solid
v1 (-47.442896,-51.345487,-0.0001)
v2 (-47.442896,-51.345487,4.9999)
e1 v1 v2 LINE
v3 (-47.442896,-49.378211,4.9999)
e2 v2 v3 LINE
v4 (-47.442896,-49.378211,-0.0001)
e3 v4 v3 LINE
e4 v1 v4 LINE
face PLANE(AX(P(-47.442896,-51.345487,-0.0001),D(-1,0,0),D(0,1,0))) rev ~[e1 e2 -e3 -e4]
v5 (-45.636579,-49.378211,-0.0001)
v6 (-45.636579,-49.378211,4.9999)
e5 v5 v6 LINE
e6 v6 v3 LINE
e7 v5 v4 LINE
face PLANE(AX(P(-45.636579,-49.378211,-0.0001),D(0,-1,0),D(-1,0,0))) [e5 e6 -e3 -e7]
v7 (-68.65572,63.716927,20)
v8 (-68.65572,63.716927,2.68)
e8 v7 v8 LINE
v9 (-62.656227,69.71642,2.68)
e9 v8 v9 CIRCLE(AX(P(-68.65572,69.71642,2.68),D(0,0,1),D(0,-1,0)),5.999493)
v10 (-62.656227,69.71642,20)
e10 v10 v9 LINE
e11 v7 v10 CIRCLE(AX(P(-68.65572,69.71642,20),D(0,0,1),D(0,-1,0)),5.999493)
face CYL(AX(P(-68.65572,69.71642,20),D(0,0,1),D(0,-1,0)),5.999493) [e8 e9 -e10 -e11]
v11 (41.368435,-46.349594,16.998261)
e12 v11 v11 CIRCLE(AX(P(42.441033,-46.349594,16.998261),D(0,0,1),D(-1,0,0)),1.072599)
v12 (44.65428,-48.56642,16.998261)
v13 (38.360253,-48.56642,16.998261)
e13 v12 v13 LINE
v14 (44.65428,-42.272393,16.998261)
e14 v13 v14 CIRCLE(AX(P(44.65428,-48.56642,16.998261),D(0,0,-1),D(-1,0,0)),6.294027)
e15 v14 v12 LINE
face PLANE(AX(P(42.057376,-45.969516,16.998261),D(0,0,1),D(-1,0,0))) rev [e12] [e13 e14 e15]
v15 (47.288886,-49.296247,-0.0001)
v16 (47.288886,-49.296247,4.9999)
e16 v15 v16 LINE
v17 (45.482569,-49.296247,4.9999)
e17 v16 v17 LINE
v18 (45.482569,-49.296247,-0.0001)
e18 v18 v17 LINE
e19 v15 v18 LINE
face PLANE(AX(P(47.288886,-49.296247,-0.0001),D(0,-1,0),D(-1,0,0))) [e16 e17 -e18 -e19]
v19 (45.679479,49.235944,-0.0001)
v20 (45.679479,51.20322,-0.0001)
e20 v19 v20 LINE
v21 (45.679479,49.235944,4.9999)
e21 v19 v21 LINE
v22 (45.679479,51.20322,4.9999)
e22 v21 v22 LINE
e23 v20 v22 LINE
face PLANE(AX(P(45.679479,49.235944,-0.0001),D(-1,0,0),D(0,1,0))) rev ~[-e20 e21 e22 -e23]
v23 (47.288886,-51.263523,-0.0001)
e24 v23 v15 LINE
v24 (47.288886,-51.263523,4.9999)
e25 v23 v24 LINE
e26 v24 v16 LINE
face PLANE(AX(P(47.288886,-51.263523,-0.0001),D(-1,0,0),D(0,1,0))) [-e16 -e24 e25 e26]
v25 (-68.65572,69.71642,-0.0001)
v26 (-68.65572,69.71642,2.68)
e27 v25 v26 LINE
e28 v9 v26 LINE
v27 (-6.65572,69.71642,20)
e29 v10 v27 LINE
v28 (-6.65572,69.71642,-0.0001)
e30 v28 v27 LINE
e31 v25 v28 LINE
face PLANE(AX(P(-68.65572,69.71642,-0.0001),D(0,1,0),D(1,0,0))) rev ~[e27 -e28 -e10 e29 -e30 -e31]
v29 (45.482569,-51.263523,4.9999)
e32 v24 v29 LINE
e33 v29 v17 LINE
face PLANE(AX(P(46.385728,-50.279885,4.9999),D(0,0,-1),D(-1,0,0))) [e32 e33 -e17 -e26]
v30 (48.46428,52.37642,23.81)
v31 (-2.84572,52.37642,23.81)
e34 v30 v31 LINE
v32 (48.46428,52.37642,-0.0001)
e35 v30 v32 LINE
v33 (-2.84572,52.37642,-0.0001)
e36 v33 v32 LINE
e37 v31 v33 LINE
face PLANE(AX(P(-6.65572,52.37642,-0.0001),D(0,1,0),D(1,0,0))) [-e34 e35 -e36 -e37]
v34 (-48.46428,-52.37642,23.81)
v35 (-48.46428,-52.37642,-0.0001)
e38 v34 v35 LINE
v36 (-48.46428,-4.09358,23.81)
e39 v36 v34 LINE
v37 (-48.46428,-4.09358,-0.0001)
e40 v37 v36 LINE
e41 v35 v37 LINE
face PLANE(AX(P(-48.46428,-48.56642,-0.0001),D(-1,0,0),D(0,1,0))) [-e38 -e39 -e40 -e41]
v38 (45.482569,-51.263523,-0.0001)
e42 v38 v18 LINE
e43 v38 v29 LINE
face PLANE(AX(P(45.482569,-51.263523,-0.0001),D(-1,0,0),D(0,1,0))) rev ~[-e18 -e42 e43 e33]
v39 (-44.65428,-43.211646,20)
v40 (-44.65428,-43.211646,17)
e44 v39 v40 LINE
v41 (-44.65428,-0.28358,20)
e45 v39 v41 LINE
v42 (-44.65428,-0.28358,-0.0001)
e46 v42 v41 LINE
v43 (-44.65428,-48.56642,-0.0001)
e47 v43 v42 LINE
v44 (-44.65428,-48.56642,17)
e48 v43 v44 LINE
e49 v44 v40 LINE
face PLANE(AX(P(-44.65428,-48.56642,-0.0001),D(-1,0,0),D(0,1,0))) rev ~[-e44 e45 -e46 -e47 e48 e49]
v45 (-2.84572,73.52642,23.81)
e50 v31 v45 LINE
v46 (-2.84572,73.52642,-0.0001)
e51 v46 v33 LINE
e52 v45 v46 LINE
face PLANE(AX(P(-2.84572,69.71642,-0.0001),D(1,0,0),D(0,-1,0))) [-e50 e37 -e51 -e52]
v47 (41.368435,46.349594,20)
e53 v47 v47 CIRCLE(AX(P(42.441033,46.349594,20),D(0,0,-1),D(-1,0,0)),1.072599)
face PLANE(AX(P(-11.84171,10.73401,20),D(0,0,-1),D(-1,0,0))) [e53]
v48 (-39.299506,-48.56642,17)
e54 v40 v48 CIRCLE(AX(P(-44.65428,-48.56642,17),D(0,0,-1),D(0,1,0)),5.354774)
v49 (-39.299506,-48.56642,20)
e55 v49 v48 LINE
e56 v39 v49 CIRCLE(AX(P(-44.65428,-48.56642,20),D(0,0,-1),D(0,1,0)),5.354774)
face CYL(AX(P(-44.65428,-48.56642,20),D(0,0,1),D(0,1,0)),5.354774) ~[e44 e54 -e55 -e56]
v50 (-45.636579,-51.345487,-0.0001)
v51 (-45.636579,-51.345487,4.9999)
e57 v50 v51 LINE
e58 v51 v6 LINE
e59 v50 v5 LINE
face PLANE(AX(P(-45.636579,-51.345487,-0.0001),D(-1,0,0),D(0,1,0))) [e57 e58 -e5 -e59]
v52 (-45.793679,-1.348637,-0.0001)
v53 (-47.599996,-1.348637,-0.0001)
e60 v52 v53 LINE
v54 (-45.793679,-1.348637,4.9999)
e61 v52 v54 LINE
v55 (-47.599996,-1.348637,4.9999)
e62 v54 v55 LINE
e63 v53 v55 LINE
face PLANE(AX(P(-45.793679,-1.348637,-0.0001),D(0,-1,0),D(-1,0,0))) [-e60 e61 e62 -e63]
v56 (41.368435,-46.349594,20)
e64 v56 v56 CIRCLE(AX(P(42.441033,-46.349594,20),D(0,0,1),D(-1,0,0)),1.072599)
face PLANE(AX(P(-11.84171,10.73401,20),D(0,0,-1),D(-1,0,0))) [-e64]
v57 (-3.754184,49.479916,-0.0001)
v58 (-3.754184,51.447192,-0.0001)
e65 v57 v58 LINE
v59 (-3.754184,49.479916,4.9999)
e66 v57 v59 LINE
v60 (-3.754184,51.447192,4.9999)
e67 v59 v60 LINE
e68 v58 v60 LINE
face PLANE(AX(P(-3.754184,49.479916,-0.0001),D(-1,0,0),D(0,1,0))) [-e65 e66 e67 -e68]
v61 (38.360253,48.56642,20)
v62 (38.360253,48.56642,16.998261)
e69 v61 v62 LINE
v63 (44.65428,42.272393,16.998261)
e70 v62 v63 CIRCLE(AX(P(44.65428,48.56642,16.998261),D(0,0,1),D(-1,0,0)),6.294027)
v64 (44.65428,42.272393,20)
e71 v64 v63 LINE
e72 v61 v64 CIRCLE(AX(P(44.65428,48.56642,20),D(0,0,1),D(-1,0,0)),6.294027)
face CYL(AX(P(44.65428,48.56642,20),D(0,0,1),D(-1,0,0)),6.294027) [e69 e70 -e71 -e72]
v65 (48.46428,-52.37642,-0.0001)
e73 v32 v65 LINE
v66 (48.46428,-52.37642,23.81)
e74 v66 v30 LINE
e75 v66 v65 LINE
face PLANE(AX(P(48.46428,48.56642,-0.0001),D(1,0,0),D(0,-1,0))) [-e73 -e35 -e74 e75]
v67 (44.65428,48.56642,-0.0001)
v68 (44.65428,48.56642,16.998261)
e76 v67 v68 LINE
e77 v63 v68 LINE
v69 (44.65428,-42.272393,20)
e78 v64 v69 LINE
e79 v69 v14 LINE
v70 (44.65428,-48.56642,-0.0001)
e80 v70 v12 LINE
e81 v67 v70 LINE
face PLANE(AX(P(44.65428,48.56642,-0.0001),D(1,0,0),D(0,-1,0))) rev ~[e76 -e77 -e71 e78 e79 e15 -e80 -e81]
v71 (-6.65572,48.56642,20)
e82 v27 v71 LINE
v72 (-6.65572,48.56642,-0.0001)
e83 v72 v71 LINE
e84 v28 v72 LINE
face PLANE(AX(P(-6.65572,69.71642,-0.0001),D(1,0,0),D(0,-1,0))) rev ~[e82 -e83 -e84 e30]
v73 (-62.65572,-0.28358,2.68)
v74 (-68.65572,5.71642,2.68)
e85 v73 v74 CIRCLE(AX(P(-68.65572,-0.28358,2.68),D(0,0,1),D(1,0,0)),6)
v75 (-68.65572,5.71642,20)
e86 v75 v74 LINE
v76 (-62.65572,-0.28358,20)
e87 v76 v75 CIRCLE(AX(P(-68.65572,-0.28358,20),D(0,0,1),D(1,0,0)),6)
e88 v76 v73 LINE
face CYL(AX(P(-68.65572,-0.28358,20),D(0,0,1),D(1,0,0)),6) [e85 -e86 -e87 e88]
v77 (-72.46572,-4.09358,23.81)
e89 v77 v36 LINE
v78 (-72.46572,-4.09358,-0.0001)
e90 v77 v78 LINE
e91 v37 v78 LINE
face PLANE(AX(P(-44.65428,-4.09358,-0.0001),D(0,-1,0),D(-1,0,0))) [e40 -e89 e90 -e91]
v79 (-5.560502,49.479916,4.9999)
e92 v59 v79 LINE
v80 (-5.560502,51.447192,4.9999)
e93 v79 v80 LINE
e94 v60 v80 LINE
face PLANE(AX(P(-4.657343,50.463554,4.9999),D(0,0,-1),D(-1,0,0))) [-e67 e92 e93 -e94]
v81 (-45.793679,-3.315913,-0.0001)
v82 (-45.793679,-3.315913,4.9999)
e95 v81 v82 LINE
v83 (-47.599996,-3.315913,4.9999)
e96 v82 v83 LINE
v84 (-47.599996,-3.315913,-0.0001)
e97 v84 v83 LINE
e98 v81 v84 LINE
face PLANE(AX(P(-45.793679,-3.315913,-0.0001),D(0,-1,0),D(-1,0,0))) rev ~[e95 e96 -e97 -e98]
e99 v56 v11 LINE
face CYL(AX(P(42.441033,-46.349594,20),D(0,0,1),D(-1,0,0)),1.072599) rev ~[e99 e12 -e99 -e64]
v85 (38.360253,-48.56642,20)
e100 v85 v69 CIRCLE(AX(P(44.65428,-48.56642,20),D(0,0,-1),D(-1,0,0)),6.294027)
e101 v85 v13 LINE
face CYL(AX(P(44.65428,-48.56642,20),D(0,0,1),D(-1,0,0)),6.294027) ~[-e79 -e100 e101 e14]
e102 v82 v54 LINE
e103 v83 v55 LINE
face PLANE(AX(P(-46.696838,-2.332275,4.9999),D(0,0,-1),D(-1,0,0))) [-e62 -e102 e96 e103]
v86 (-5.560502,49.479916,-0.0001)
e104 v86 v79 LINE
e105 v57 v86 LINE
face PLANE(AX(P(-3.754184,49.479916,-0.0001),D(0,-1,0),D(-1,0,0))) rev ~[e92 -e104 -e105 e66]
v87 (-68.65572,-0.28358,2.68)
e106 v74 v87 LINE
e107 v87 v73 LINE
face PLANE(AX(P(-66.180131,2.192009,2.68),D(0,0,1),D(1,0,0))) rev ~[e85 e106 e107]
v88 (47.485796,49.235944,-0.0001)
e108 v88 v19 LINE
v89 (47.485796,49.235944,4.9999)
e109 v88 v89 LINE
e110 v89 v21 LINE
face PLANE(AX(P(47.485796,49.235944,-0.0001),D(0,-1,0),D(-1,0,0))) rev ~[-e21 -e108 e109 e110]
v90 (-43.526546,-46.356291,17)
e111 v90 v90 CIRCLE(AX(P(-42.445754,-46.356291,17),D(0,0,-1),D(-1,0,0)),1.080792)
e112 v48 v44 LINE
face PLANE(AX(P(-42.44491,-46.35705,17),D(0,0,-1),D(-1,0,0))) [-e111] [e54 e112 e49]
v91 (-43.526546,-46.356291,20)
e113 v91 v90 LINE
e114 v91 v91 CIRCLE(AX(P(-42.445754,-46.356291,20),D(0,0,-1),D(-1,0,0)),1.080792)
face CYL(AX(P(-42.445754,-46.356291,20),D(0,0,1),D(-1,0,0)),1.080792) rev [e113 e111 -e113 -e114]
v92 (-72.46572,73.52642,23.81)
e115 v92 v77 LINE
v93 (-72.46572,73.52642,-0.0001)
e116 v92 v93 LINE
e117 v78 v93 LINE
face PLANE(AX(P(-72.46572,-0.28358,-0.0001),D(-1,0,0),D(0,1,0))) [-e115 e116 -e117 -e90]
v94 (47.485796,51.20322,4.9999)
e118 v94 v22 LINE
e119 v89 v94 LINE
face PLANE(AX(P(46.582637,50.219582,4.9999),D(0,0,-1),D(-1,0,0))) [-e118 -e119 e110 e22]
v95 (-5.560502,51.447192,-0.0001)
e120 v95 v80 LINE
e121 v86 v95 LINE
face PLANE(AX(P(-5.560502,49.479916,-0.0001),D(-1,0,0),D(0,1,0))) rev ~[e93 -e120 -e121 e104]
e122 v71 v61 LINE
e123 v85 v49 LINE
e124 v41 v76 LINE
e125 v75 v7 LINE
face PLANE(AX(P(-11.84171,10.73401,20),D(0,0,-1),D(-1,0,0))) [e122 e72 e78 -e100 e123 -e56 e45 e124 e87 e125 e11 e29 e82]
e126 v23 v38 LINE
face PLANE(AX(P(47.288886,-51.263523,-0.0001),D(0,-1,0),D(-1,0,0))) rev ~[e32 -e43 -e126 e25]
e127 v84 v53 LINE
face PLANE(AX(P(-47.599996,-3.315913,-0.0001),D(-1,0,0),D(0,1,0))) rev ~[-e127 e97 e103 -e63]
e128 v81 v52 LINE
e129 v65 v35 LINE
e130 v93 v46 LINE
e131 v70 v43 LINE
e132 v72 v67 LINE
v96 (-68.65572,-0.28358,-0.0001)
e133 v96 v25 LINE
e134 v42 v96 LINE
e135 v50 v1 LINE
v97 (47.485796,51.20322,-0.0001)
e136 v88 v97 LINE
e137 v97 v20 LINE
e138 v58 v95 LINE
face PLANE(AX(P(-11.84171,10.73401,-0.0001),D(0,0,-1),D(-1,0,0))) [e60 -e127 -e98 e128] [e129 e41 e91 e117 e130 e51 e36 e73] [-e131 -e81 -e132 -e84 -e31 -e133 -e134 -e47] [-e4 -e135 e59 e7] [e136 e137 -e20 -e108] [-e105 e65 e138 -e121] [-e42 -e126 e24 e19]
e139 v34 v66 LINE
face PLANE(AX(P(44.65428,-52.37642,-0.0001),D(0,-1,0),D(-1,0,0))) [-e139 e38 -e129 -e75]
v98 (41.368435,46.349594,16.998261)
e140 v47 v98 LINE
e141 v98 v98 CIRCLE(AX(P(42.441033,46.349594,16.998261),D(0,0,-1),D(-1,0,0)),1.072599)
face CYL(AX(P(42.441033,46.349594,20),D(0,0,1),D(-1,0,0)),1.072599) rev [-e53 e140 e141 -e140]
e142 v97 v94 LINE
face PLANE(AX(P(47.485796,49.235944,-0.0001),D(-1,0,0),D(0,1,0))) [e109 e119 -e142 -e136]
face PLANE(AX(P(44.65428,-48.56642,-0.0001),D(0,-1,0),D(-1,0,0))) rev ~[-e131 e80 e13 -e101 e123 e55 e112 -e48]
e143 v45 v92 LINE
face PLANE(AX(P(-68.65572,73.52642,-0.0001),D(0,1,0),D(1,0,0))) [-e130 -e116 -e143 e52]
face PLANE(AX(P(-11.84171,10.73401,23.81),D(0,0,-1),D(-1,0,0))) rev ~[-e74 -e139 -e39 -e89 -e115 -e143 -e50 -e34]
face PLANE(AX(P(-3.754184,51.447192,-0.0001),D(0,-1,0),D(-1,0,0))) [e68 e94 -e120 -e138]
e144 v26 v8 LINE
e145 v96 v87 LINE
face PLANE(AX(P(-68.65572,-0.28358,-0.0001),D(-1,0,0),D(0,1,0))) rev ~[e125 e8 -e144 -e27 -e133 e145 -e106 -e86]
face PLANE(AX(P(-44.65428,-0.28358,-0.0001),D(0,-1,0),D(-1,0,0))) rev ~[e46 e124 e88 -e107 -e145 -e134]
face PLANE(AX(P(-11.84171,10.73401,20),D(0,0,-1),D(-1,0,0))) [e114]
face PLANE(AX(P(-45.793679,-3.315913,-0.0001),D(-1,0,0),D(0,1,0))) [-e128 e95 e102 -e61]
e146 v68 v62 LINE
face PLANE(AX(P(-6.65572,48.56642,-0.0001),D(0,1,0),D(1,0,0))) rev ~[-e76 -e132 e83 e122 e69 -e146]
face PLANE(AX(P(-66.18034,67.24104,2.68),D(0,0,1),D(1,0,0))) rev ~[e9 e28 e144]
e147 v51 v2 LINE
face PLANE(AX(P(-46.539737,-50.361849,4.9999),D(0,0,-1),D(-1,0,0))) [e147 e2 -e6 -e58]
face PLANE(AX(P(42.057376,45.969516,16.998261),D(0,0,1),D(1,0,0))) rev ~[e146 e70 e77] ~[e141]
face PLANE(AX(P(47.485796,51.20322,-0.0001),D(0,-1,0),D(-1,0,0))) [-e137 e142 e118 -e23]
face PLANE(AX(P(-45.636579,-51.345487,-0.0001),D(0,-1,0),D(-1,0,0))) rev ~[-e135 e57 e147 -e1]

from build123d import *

# Parameters (mm, degrees)
BOSS_EXTRUDE1_DEPTH      = 20
BOSS_EXTRUDE1_DEPTH_BACK = 0.0001
SHELL3_T                 = 3.81
SKETCH9_R                = 1.072598704
BOSS_EXTRUDE3_DEPTH      = 3.001739429
SKETCH19_R               = 1.080792188
BOSS_EXTRUDE4_DEPTH      = 3
BOSS_EXTRUDE5_DEPTH      = 17.32
SKETCH22_W               = 1.806317066
SKETCH22_H               = 1.967276013
SKETCH22_W_2             = 1.806317067
CUT_EXTRUDE1_DEPTH       = 5


with BuildPart() as part:
    # Sketch2 → Boss-Extrude1 (new, two sides: drawn at the far end of the back side and taken through both)
    with BuildSketch(Plane.XY.offset(-BOSS_EXTRUDE1_DEPTH_BACK)):
        Polygon((-6.655720012, 48.566419982), (44.654279988, 48.566419982), (44.654279988, -48.566419982), (-44.654279988, -48.566419982), (-44.654279988, -0.283580018), (-68.655720012, -0.283580018), (-68.655720012, 69.716419982), (-6.655720012, 69.716419982), align=None)
    extrude(amount=BOSS_EXTRUDE1_DEPTH + BOSS_EXTRUDE1_DEPTH_BACK)

    # Shell3
    shell3_openings = [part.faces().sort_by_distance(p)[0] for p in [
        (-10.378060189, 9.486636378, -0.0001),
    ]]
    offset(amount=SHELL3_T, openings=shell3_openings, kind=Kind.INTERSECTION)

    # Sketch9 → Boss-Extrude3 (add)
    with BuildSketch(Plane(origin=(0, 0, 20), x_dir=(-1, 0, 0), z_dir=(0, 0, -1))):
        with BuildLine():
            Line((-44.654279988, 48.566419982), (-38.360252923, 48.566419982))
            ThreePointArc((-38.360252923, 48.566419982), (-40.203730769, 44.115870764), (-44.654279988, 42.272392917))
            Line((-44.654279988, 42.272392917), (-44.654279988, 48.566419982))
        make_face()
        with Locations((-42.441033376, 46.349593762)):
            Circle(SKETCH9_R, mode=Mode.SUBTRACT)
    boss_extrude3 = extrude(amount=BOSS_EXTRUDE3_DEPTH)

    # Mirror1: Boss-Extrude3 across plane
    add(boss_extrude3.mirror(Plane.ZX))

    # Sketch19 → Boss-Extrude4 (add)
    with BuildSketch(Plane(origin=(0, 0, 20), x_dir=(-1, 0, 0), z_dir=(0, 0, -1))):
        with BuildLine():
            Line((39.29950568, -48.566419982), (44.654279988, -48.566419982))
            Line((44.654279988, -48.566419982), (44.654279988, -43.211645674))
            ThreePointArc((44.654279988, -43.211645674), (40.867882763, -44.780022757), (39.29950568, -48.566419982))
        make_face()
        with Locations((42.445754047, -46.356290661)):
            Circle(SKETCH19_R, mode=Mode.SUBTRACT)
    extrude(amount=BOSS_EXTRUDE4_DEPTH)

    # Sketch20 → Boss-Extrude5 (add)
    with BuildSketch(Plane(origin=(0, 0, 20), x_dir=(-1, 0, 0), z_dir=(0, 0, -1))):
        with BuildLine():
            Line((68.655720012, 69.716419982), (68.655720012, 63.716926528))
            ThreePointArc((68.655720012, 63.716926528), (64.413437506, 65.474137477), (62.656226557, 69.716419982))
            Line((62.656226557, 69.716419982), (68.655720012, 69.716419982))
        make_face()
        with BuildLine():
            Line((68.655720012, 5.716419982), (68.655720012, -0.283580018))
            Line((68.655720012, -0.283580018), (62.655720012, -0.283580018))
            ThreePointArc((62.655720012, -0.283580018), (64.413079325, 3.959060669), (68.655720012, 5.716419982))
        make_face()
    extrude(amount=BOSS_EXTRUDE5_DEPTH)

    # Sketch22 → Cut-Extrude1 (cut)
    with BuildSketch(Plane(origin=(0, 0, -0.0001), x_dir=(-1, 0, 0), z_dir=(0, 0, -1))):
        with Locations((46.539737407, -50.361848815)):
            Rectangle(SKETCH22_W, SKETCH22_H)
        with Locations((46.696837753, -2.332274853)):
            Rectangle(SKETCH22_W, SKETCH22_H)
        with Locations((-46.38572761, -50.279884702)):
            Rectangle(SKETCH22_W_2, SKETCH22_H)
        with Locations((-46.582637328, 50.219582477)):
            Rectangle(SKETCH22_W_2, SKETCH22_H)
        with Locations((4.657343006, 50.463554198)):
            Rectangle(SKETCH22_W_2, SKETCH22_H)
    extrude(amount=-CUT_EXTRUDE1_DEPTH, mode=Mode.SUBTRACT)


solid = part.part
